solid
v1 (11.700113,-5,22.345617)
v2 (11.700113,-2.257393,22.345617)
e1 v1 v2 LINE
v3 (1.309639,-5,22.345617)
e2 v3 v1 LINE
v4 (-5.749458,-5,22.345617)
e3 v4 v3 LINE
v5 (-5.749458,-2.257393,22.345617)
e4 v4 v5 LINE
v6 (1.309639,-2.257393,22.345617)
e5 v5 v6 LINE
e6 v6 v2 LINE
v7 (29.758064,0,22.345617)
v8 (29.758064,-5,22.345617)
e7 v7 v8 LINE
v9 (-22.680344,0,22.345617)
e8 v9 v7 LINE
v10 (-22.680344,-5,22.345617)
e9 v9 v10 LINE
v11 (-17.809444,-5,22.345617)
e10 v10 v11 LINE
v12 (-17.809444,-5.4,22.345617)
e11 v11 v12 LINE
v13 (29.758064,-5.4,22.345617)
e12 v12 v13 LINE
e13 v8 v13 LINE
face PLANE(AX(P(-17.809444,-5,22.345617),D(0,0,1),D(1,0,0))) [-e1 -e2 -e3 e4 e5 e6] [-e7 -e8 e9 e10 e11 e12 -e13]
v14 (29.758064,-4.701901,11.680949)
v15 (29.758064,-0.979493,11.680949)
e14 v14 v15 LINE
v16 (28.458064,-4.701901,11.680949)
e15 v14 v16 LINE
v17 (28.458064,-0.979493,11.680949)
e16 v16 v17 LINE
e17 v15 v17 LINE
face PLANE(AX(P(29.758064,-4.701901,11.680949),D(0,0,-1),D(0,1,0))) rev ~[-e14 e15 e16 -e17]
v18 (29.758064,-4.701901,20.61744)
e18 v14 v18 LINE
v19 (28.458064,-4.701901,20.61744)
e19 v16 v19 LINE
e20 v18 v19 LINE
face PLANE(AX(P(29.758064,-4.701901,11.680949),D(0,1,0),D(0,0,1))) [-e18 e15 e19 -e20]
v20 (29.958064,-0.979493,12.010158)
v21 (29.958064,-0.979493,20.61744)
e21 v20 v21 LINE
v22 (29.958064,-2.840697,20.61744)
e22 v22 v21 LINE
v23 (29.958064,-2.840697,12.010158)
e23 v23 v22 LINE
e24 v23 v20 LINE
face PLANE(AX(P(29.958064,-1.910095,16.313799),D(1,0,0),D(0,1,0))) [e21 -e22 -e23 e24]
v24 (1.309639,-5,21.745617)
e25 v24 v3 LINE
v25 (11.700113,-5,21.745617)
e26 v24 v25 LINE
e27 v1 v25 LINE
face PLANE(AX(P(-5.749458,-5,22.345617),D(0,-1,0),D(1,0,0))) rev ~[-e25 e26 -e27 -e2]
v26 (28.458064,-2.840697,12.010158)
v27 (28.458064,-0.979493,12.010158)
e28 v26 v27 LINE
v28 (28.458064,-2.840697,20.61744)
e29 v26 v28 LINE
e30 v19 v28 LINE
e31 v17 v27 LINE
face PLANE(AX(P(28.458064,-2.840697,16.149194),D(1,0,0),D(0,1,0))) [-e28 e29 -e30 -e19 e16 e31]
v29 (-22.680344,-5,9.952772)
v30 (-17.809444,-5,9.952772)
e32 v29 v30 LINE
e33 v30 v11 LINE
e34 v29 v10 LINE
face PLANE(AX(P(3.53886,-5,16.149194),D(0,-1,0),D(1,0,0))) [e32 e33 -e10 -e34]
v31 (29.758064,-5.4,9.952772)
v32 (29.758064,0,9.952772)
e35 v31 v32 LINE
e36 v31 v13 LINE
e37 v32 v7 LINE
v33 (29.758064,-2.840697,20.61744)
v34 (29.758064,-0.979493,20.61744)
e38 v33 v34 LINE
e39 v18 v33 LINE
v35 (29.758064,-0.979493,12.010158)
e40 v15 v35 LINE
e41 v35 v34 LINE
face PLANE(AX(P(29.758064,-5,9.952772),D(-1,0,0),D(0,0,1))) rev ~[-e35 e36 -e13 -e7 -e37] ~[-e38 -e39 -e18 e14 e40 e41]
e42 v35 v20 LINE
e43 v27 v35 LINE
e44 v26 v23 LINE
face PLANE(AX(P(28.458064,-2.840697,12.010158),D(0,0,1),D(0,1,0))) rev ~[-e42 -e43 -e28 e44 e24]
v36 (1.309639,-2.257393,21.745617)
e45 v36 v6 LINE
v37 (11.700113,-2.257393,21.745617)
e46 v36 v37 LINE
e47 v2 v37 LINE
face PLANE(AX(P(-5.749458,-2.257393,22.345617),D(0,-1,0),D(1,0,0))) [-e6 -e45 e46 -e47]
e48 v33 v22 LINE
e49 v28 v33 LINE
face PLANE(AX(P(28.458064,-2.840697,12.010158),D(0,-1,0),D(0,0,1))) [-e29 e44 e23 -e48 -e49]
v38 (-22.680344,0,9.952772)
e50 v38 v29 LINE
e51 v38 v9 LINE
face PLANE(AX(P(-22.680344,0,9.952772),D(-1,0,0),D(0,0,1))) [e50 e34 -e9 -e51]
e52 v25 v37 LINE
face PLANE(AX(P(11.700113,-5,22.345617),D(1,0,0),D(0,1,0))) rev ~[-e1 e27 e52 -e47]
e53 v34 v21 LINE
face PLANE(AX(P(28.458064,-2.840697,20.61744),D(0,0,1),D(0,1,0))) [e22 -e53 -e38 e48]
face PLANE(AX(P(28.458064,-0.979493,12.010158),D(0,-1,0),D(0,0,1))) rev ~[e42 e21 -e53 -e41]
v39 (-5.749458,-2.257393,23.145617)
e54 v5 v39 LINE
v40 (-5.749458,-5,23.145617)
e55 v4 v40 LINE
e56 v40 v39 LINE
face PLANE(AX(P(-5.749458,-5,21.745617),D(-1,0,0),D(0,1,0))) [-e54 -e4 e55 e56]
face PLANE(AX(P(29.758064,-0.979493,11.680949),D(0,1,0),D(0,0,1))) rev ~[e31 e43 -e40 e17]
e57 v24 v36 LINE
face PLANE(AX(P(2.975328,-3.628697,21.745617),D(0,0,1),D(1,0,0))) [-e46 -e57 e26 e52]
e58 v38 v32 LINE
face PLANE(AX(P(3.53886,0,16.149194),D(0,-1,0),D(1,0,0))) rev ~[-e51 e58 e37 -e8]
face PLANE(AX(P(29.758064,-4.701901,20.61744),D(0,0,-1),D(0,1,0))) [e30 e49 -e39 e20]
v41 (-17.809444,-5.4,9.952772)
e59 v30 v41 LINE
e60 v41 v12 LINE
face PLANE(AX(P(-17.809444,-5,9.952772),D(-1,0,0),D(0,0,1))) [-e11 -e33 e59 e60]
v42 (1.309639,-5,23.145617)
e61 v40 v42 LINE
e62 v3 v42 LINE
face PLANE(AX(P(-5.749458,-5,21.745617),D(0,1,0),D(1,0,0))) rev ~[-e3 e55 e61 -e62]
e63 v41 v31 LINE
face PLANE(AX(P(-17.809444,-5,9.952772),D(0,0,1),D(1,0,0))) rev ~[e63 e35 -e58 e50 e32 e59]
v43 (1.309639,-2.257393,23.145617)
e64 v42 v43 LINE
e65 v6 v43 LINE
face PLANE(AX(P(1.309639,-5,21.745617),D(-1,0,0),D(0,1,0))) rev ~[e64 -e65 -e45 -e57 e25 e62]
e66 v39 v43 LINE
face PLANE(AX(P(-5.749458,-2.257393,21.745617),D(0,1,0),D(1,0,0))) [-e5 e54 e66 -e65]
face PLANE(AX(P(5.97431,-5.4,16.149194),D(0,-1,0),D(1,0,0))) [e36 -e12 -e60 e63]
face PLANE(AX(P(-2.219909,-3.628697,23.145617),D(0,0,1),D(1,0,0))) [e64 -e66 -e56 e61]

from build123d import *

# Parameters (mm, degrees)
F0_W      = 52.4384081364
F0_H      = 12.3928444714
F1_DEPTH  = 5
F2_W      = 47.5675082519
F2_H      = 12.3928444714
F3_DEPTH  = 0.4
F4_W      = 17.4495708197
F4_H      = 2.7426069784
F5_DEPTH  = 0.6
F6_W      = 7.059096708
F6_H      = 2.7426069784
F7_DEPTH  = 1.4
F8_W      = 3.7224081942
F8_H      = 8.9364917949
F9_DEPTH  = 1.3
F10_W     = 1.8612040971
F10_H     = 8.6072823033
F11_DEPTH = 1.5


with BuildPart() as f1:
    # F0 (on Front) → F1 (new body)
    with BuildSketch(Plane.XZ):
        with Locations((3.5388600081, 16.1491944455)):
            Rectangle(F0_W, F0_H)
    extrude(amount=F1_DEPTH)

    # F2 (on face) → F3 (join)
    with BuildSketch(Plane.XZ.offset(5)):
        with Locations((5.9743099503, 16.1491944455)):
            Rectangle(F2_W, F2_H)
    extrude(amount=F3_DEPTH)

    # F4 (on face) → F5 (cut)
    with BuildSketch(Plane.XY.offset(22.3456166812)):
        with Locations((2.9753278941, -3.6286965108)):
            Rectangle(F4_W, F4_H)
    extrude(amount=-F5_DEPTH, mode=Mode.SUBTRACT)

    # F6 (on face) → F7 (join)
    with BuildSketch(Plane.XY.offset(21.7456166812)):
        with Locations((-2.2199091618, -3.6286965108)):
            Rectangle(F6_W, F6_H)
    extrude(amount=F7_DEPTH)

    # F8 (on face) → F9 (cut)
    with BuildSketch(Plane.YZ.offset(29.7580640763)):
        with Locations((-2.8406968922, 16.1491944455)):
            Rectangle(F8_W, F8_H)
    extrude(amount=-F9_DEPTH, mode=Mode.SUBTRACT)

    # F10 (on face) → F11 (join)
    with BuildSketch(Plane.YZ.offset(28.4580640763)):
        with Locations((-1.9100948437, 16.3137991913)):
            Rectangle(F10_W, F10_H)
    extrude(amount=F11_DEPTH)


solid = f1.part
